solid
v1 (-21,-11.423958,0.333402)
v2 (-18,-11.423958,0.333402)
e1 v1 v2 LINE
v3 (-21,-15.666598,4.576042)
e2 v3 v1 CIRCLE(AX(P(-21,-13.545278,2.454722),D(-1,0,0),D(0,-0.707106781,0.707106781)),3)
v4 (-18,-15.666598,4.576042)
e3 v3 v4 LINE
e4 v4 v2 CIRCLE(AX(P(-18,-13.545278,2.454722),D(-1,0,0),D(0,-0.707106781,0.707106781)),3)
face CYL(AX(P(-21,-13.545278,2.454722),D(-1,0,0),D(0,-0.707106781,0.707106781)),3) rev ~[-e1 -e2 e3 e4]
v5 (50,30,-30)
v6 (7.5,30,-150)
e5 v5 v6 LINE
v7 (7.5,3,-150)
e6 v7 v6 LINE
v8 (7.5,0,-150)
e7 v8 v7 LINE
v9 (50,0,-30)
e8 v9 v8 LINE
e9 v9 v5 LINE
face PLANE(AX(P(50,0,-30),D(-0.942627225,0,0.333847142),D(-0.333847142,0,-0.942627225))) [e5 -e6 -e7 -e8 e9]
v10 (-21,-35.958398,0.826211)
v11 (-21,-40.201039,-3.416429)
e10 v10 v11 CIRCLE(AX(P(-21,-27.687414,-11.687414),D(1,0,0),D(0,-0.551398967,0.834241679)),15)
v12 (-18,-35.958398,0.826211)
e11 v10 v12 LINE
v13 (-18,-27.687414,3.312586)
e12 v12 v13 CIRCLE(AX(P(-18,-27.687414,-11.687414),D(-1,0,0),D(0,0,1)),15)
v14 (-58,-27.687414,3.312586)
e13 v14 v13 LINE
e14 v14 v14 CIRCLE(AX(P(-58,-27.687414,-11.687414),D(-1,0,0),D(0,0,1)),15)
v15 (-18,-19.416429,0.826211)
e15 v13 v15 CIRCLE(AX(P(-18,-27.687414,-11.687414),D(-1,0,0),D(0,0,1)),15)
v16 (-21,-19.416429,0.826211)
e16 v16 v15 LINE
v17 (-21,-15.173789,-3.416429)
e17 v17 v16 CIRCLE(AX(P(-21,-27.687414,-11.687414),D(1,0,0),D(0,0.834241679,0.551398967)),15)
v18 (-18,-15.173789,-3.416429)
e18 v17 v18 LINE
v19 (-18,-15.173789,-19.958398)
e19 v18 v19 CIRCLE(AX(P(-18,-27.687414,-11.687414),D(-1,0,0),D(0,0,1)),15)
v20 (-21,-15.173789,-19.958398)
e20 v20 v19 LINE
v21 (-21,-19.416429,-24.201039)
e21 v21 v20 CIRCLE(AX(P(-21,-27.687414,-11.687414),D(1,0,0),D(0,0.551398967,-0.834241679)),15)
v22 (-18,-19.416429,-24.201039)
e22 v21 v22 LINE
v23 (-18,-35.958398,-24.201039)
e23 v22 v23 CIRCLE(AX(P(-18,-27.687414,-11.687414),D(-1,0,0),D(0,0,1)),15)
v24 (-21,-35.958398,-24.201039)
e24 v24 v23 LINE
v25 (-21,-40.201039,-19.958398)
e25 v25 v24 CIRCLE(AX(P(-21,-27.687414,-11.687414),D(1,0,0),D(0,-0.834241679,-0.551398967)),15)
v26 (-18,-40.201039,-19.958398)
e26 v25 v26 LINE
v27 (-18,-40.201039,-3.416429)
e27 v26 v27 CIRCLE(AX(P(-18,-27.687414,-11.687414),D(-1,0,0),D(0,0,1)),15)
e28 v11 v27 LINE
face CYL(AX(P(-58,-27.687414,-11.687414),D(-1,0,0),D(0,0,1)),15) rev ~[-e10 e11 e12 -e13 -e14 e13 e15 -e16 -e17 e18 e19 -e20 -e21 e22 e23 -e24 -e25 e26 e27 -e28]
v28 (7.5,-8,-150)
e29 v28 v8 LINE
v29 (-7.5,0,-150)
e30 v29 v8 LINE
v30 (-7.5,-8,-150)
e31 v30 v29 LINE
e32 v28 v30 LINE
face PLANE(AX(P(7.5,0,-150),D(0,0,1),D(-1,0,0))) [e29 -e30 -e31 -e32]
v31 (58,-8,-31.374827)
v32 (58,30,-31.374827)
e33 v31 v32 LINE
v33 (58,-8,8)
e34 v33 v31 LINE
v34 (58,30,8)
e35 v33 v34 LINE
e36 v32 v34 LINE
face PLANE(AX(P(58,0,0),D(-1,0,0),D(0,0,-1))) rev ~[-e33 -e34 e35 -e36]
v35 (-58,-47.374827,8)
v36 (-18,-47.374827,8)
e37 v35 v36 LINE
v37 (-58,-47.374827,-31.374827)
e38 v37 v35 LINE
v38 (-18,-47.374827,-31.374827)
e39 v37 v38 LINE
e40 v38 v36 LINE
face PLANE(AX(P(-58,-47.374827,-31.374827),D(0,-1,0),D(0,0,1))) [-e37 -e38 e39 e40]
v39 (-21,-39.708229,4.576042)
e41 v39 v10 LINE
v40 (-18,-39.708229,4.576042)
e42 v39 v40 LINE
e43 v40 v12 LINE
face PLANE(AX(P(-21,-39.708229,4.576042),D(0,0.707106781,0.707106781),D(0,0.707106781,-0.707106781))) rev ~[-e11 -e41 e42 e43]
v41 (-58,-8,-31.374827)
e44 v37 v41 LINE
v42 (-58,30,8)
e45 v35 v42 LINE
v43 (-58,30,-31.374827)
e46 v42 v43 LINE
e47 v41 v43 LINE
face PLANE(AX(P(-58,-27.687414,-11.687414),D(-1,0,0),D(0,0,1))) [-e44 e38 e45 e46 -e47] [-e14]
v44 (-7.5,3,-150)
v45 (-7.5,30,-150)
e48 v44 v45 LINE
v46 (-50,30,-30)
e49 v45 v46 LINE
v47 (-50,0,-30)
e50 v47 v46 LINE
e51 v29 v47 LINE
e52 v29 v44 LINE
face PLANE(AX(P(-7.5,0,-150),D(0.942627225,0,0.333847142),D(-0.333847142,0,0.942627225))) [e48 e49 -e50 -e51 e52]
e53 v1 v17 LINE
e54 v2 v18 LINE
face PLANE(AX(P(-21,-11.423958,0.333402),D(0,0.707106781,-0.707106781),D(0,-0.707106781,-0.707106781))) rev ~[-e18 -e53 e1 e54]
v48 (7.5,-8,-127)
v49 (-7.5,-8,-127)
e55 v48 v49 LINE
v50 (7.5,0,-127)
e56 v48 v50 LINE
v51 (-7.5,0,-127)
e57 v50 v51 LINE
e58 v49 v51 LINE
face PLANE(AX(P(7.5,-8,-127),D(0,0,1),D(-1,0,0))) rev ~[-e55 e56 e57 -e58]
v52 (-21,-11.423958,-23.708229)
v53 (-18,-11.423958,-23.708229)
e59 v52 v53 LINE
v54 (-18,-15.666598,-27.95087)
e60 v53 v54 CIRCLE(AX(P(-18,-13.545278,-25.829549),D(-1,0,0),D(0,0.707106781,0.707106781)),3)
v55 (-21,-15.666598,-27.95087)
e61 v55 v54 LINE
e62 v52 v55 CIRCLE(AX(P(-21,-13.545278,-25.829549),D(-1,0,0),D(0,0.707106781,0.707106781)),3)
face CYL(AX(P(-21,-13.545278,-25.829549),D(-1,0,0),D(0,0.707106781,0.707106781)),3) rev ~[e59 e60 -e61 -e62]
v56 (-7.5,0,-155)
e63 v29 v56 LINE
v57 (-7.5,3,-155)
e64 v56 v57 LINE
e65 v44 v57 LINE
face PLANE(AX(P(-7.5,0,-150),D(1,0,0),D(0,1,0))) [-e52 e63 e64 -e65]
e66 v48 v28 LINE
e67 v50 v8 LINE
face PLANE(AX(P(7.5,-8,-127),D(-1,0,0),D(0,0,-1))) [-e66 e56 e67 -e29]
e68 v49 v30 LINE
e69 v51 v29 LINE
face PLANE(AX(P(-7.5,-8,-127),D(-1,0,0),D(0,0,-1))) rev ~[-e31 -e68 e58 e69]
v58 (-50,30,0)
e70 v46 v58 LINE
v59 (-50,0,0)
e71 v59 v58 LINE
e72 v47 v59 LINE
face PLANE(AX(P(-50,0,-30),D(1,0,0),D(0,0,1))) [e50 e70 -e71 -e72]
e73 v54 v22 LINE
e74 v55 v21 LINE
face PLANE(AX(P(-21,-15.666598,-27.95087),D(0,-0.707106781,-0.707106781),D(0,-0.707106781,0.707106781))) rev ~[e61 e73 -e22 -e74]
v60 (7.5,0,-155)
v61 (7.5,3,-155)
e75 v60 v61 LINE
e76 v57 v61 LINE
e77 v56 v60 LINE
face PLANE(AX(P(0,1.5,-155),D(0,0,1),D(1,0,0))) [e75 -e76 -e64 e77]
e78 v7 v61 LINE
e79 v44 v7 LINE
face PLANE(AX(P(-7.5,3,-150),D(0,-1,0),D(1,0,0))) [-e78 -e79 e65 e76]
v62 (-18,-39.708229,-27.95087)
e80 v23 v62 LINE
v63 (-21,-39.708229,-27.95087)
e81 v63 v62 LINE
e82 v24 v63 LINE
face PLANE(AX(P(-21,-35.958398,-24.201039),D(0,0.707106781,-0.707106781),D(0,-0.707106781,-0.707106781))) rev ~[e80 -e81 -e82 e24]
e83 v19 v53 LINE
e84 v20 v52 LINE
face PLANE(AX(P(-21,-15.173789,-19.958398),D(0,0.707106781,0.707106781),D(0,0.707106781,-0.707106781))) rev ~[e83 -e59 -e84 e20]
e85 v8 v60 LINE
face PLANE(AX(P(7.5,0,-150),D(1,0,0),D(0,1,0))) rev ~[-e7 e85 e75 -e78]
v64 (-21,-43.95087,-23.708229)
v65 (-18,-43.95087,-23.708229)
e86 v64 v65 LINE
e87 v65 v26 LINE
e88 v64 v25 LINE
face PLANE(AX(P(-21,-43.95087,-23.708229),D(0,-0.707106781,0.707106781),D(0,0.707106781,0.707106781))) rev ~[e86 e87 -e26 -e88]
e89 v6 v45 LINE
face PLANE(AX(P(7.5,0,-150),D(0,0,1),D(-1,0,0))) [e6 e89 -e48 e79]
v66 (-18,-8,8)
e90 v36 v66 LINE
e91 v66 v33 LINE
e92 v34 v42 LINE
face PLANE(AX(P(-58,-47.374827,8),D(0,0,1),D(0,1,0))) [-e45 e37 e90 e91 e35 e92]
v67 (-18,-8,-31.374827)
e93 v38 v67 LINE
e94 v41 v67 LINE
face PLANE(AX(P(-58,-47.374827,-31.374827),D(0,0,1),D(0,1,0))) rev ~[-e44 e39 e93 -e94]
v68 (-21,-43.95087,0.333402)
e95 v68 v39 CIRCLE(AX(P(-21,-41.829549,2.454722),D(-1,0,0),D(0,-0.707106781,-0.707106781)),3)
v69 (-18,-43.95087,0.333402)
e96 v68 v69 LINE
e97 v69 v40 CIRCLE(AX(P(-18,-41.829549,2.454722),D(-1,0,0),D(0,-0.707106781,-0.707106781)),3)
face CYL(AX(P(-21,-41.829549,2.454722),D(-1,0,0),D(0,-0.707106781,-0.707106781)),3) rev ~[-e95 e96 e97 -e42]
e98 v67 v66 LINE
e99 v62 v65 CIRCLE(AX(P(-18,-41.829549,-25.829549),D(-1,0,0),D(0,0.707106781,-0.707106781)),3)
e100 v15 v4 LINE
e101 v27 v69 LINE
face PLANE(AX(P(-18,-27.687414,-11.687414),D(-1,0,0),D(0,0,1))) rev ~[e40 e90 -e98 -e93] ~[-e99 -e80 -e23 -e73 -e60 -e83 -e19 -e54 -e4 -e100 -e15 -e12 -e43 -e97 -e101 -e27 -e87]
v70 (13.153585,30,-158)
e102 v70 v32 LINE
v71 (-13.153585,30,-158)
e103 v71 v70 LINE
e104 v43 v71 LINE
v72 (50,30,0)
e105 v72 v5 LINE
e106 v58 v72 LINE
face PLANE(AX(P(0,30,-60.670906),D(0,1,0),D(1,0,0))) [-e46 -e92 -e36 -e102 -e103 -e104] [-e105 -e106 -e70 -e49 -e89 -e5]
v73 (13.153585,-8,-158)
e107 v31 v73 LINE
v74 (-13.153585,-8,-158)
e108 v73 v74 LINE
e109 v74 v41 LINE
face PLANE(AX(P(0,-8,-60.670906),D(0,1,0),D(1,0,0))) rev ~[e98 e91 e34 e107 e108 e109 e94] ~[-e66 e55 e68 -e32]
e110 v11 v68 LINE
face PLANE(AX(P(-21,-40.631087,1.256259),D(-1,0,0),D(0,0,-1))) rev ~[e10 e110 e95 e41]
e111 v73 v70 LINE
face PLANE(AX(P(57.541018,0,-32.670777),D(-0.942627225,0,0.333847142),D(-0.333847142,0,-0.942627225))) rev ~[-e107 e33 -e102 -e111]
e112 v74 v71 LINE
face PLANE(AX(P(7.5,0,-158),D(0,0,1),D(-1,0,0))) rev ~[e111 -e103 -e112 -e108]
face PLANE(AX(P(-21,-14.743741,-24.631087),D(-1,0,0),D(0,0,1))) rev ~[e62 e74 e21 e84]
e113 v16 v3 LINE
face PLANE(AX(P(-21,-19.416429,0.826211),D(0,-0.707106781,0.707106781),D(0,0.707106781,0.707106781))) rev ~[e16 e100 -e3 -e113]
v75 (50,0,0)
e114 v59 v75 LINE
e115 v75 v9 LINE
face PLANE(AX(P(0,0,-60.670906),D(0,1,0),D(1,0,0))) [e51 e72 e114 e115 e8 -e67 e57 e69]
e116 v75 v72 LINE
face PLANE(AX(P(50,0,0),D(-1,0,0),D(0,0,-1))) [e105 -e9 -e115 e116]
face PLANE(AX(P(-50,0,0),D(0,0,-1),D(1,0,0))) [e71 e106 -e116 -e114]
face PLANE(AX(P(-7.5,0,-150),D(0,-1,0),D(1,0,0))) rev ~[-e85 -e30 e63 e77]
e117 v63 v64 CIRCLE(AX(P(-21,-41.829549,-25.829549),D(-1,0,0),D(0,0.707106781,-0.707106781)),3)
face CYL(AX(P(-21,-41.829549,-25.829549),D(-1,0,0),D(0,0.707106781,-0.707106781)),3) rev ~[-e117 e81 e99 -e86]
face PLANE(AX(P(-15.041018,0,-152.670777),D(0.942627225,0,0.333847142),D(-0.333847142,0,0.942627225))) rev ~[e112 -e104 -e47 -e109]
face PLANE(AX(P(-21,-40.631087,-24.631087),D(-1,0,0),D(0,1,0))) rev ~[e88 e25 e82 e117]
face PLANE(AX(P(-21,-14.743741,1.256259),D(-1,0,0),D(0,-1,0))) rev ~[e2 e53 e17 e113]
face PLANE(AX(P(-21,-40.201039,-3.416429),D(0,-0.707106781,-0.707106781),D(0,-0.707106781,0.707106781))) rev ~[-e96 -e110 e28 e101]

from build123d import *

# Parameters (mm, degrees)
BOSS_EXTRUDE1_DEPTH = 30
SHELL2_T            = 8
SKETCH2_W           = 15
SKETCH2_H           = 23
CUT_EXTRUDE1_DEPTH  = 8
SKETCH3_W           = 15
SKETCH3_H           = 3
CUT_EXTRUDE2_DEPTH  = 5
SKETCH4_W           = 39.3748274
SKETCH4_H           = 39.3748274
SKETCH4_R           = 15
BOSS_EXTRUDE2_DEPTH = 40
CUT_EXTRUDE3_START  = -3
CUT_EXTRUDE3_DEPTH  = 3
CIRPATTERN1_COUNT   = 4


with BuildPart() as part:
    # Sketch1 → Boss-Extrude1 (new body)
    with BuildSketch(Plane(origin=(0, 0, 0), x_dir=(1, 0, 0), z_dir=(0, 1, 0))):
        Polygon((-50, 0), (50, 0), (50, 30), (7.5, 150), (-7.5, 150), (-50, 30), align=None)
    extrude(amount=BOSS_EXTRUDE1_DEPTH)

    # Shell2
    shell2_openings = [part.faces().sort_by_distance(p)[0] for p in [
        (0, 30, -56.96969697),
    ]]
    offset(amount=SHELL2_T, openings=shell2_openings, kind=Kind.INTERSECTION)

    # Sketch2 → Cut-Extrude1 (cut)
    with BuildSketch(Plane(origin=(0, -8, 0), x_dir=(-1, 0, 0), z_dir=(0, -1, 0))):
        with Locations((0, 138.5)):
            Rectangle(SKETCH2_W, SKETCH2_H)
    extrude(amount=-CUT_EXTRUDE1_DEPTH, mode=Mode.SUBTRACT)

    # Sketch3 → Cut-Extrude2 (cut)
    with BuildSketch(Plane.XY.offset(-150)):
        with Locations((0, 1.5)):
            Rectangle(SKETCH3_W, SKETCH3_H)
    extrude(amount=-CUT_EXTRUDE2_DEPTH, mode=Mode.SUBTRACT)

    # Sketch4 → Boss-Extrude2 (add)
    with BuildSketch(Plane.ZY.offset(58)):
        with Locations((-11.6874137, -27.6874137)):
            Rectangle(SKETCH4_W, SKETCH4_H)
        with Locations((-11.6874137, -27.6874137)):
            Circle(SKETCH4_R, mode=Mode.SUBTRACT)
    extrude(amount=-BOSS_EXTRUDE2_DEPTH)

    # Sketch5 → Cut-Extrude3 (cut)
    with BuildSketch(Plane(origin=(-18, 0, 0), x_dir=(0, 0, -1), z_dir=(1, 0, 0)).offset(CUT_EXTRUDE3_START)):
        with BuildLine():
            Line((27.950869668, -15.66659842), (24.201038889, -19.416429198))
            ThreePointArc((24.201038889, -19.416429198), (22.294015418, -17.080811982), (19.958398202, -15.173788511))
            Line((19.958398202, -15.173788511), (23.70822898, -11.423957733))
            ThreePointArc((23.70822898, -11.423957733), (27.950869668, -11.423957733), (27.950869668, -15.66659842))
        make_face()
    cut_extrude3 = extrude(amount=CUT_EXTRUDE3_DEPTH, mode=Mode.SUBTRACT)

    # CirPattern1: Cut-Extrude3 ×4 about axis
    cirpattern1_axis = Axis((0, -27.6874137, -11.6874137), (1, 0, 0))
    for i in range(1, CIRPATTERN1_COUNT):
        add(cut_extrude3.rotate(cirpattern1_axis, i * 360 / CIRPATTERN1_COUNT), mode=Mode.SUBTRACT)


solid = part.part
